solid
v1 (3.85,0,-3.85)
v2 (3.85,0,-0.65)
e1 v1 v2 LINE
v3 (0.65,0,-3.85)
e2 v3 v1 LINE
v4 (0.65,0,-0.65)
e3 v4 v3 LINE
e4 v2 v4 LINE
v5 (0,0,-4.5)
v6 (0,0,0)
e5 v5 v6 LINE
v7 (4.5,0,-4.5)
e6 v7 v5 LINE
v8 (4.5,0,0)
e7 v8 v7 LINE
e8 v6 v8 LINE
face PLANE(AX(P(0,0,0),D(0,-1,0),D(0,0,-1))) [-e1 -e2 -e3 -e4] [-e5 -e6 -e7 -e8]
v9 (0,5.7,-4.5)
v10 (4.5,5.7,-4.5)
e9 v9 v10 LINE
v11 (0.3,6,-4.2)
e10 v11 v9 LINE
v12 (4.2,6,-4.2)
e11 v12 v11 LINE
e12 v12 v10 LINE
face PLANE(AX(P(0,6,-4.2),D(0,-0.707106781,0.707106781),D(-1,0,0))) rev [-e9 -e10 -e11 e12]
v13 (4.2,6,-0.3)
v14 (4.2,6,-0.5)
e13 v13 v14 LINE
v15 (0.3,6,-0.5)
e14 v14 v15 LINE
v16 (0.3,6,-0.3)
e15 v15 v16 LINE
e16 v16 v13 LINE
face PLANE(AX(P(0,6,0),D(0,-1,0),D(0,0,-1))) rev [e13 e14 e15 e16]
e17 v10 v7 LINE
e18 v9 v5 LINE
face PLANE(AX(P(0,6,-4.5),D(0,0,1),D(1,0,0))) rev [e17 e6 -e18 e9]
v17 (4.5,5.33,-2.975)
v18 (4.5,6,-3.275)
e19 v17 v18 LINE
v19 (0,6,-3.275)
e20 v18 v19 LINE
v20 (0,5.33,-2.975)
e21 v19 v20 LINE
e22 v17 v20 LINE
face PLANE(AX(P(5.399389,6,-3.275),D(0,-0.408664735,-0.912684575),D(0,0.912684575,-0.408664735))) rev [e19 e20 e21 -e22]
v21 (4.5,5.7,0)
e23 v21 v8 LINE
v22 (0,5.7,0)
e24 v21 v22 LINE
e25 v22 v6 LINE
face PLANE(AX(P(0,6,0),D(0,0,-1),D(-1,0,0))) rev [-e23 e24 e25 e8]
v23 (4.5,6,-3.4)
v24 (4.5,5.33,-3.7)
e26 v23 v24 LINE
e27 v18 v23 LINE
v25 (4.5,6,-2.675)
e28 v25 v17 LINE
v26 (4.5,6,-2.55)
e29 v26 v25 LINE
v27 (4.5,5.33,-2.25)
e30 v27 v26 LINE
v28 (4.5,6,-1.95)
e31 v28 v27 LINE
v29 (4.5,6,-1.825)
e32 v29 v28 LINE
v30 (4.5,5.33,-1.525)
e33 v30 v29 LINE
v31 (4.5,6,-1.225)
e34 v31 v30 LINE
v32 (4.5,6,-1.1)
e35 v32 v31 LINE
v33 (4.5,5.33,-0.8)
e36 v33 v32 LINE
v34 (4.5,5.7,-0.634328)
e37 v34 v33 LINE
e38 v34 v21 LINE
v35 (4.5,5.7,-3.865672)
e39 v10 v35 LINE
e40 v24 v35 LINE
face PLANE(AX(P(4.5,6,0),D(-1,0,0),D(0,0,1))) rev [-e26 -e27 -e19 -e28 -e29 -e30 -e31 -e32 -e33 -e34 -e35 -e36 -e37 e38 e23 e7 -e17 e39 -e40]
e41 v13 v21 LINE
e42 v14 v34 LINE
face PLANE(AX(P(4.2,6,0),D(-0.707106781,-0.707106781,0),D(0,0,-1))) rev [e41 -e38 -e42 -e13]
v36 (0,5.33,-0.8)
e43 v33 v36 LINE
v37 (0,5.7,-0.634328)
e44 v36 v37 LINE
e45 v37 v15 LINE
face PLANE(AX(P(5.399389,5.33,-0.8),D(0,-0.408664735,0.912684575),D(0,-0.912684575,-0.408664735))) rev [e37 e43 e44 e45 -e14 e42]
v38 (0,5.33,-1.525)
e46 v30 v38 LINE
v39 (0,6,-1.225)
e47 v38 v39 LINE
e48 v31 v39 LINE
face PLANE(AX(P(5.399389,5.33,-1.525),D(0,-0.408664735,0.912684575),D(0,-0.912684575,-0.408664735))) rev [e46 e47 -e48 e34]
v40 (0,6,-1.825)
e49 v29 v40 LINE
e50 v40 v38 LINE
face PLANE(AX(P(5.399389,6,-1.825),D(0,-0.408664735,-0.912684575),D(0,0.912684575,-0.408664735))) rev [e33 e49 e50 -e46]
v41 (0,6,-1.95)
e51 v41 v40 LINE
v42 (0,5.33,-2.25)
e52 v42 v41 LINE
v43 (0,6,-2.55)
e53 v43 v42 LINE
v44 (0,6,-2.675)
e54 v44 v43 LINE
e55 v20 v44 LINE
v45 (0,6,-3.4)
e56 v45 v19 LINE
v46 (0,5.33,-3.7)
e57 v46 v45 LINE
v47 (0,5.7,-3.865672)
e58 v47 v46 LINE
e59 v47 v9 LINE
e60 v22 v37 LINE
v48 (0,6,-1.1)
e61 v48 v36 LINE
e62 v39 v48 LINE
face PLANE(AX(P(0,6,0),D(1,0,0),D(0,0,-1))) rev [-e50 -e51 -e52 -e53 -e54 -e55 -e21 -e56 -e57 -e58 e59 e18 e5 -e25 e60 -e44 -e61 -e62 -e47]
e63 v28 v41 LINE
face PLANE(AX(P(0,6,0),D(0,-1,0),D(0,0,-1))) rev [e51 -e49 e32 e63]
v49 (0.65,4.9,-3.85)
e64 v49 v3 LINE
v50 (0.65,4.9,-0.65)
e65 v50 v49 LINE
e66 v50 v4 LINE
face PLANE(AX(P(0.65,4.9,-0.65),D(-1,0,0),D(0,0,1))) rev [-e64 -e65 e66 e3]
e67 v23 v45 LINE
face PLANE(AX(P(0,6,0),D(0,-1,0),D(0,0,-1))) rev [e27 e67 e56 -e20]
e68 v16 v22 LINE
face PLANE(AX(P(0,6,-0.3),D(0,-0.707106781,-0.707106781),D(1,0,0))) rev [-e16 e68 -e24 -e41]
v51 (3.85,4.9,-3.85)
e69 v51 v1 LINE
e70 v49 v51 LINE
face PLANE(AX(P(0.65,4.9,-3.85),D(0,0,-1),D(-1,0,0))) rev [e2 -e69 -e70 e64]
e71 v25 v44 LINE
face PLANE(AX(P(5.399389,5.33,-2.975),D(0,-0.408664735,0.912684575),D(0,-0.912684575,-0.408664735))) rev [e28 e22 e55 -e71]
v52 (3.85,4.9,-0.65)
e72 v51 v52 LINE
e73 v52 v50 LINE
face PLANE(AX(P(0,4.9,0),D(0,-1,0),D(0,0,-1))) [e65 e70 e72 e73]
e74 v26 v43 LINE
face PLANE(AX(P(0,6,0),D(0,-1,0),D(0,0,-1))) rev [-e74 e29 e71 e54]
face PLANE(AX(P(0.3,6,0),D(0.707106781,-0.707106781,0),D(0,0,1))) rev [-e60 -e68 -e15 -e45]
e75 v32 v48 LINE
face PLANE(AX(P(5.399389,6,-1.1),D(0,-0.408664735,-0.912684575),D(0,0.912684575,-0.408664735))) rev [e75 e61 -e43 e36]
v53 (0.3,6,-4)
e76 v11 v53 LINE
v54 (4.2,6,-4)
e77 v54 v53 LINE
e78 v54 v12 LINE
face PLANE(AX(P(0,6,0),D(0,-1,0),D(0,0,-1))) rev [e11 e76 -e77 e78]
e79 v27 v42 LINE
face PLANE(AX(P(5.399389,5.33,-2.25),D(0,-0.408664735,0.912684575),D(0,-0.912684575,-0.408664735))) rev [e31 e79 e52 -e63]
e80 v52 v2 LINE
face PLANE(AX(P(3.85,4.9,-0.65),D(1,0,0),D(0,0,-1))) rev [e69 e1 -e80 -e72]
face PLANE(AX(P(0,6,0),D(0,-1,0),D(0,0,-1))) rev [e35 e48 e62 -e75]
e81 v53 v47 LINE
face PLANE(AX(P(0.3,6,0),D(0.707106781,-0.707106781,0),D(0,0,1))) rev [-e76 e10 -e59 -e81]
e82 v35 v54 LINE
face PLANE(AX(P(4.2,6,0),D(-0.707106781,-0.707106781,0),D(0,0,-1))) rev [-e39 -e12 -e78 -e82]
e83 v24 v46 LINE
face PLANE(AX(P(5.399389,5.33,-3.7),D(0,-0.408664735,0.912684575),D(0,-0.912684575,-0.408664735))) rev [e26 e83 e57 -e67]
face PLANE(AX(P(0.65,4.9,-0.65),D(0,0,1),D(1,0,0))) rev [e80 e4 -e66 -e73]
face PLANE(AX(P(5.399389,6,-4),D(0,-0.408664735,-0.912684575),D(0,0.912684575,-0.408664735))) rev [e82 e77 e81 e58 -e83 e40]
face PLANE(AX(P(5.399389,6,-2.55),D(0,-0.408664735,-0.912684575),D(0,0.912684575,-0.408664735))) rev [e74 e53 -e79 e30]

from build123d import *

# Parameters (mm, degrees)
SKETCH1_W           = 4.5
SKETCH1_H           = 4.5
BOSS_EXTRUDE1_DEPTH = 6
SKETCH2_W           = 3.2
SKETCH2_H           = 3.2
CUT_EXTRUDE1_DEPTH  = 4.9
CUT_EXTRUDE2_DEPTH  = 4.5
LPATTERN1_COUNT     = 5
LPATTERN1_PITCH     = 0.725
CHAMFER1_SIZE       = 0.3


with BuildPart() as part:
    # Sketch1 → Boss-Extrude1 (new body)
    with BuildSketch(Plane(origin=(0, 0, 0), x_dir=(1, 0, 0), z_dir=(0, 1, 0))):
        with Locations((2.25, 2.25)):
            Rectangle(SKETCH1_W, SKETCH1_H)
    extrude(amount=BOSS_EXTRUDE1_DEPTH)

    # Sketch2 → Cut-Extrude1 (cut)
    with BuildSketch(Plane.XZ):
        with Locations((2.25, -2.25)):
            Rectangle(SKETCH2_W, SKETCH2_H)
    extrude(amount=-CUT_EXTRUDE1_DEPTH, mode=Mode.SUBTRACT)

    # Sketch3 → Cut-Extrude2 (cut)
    with BuildSketch(Plane.ZY):
        Polygon((-4, 6), (-3.7, 5.33), (-3.4, 6), align=None)
    cut_extrude2 = extrude(amount=-CUT_EXTRUDE2_DEPTH, mode=Mode.SUBTRACT)

    # LPattern1: Cut-Extrude2 ×5
    with Locations(*[(0, 0, i * LPATTERN1_PITCH) for i in range(1, LPATTERN1_COUNT)]):
        add(cut_extrude2, mode=Mode.SUBTRACT)

    # Chamfer1
    chamfer1_edges = [part.edges().sort_by_distance(p)[0] for p in [
        (4.5, 6, -0.25),
        (2.25, 6, -4.5),
        (4.5, 6, -4.25),
        (0, 6, -0.25),
        (0, 6, -4.25),
        (2.25, 6, 0),
    ]]
    chamfer(chamfer1_edges, length=CHAMFER1_SIZE)


solid = part.part
